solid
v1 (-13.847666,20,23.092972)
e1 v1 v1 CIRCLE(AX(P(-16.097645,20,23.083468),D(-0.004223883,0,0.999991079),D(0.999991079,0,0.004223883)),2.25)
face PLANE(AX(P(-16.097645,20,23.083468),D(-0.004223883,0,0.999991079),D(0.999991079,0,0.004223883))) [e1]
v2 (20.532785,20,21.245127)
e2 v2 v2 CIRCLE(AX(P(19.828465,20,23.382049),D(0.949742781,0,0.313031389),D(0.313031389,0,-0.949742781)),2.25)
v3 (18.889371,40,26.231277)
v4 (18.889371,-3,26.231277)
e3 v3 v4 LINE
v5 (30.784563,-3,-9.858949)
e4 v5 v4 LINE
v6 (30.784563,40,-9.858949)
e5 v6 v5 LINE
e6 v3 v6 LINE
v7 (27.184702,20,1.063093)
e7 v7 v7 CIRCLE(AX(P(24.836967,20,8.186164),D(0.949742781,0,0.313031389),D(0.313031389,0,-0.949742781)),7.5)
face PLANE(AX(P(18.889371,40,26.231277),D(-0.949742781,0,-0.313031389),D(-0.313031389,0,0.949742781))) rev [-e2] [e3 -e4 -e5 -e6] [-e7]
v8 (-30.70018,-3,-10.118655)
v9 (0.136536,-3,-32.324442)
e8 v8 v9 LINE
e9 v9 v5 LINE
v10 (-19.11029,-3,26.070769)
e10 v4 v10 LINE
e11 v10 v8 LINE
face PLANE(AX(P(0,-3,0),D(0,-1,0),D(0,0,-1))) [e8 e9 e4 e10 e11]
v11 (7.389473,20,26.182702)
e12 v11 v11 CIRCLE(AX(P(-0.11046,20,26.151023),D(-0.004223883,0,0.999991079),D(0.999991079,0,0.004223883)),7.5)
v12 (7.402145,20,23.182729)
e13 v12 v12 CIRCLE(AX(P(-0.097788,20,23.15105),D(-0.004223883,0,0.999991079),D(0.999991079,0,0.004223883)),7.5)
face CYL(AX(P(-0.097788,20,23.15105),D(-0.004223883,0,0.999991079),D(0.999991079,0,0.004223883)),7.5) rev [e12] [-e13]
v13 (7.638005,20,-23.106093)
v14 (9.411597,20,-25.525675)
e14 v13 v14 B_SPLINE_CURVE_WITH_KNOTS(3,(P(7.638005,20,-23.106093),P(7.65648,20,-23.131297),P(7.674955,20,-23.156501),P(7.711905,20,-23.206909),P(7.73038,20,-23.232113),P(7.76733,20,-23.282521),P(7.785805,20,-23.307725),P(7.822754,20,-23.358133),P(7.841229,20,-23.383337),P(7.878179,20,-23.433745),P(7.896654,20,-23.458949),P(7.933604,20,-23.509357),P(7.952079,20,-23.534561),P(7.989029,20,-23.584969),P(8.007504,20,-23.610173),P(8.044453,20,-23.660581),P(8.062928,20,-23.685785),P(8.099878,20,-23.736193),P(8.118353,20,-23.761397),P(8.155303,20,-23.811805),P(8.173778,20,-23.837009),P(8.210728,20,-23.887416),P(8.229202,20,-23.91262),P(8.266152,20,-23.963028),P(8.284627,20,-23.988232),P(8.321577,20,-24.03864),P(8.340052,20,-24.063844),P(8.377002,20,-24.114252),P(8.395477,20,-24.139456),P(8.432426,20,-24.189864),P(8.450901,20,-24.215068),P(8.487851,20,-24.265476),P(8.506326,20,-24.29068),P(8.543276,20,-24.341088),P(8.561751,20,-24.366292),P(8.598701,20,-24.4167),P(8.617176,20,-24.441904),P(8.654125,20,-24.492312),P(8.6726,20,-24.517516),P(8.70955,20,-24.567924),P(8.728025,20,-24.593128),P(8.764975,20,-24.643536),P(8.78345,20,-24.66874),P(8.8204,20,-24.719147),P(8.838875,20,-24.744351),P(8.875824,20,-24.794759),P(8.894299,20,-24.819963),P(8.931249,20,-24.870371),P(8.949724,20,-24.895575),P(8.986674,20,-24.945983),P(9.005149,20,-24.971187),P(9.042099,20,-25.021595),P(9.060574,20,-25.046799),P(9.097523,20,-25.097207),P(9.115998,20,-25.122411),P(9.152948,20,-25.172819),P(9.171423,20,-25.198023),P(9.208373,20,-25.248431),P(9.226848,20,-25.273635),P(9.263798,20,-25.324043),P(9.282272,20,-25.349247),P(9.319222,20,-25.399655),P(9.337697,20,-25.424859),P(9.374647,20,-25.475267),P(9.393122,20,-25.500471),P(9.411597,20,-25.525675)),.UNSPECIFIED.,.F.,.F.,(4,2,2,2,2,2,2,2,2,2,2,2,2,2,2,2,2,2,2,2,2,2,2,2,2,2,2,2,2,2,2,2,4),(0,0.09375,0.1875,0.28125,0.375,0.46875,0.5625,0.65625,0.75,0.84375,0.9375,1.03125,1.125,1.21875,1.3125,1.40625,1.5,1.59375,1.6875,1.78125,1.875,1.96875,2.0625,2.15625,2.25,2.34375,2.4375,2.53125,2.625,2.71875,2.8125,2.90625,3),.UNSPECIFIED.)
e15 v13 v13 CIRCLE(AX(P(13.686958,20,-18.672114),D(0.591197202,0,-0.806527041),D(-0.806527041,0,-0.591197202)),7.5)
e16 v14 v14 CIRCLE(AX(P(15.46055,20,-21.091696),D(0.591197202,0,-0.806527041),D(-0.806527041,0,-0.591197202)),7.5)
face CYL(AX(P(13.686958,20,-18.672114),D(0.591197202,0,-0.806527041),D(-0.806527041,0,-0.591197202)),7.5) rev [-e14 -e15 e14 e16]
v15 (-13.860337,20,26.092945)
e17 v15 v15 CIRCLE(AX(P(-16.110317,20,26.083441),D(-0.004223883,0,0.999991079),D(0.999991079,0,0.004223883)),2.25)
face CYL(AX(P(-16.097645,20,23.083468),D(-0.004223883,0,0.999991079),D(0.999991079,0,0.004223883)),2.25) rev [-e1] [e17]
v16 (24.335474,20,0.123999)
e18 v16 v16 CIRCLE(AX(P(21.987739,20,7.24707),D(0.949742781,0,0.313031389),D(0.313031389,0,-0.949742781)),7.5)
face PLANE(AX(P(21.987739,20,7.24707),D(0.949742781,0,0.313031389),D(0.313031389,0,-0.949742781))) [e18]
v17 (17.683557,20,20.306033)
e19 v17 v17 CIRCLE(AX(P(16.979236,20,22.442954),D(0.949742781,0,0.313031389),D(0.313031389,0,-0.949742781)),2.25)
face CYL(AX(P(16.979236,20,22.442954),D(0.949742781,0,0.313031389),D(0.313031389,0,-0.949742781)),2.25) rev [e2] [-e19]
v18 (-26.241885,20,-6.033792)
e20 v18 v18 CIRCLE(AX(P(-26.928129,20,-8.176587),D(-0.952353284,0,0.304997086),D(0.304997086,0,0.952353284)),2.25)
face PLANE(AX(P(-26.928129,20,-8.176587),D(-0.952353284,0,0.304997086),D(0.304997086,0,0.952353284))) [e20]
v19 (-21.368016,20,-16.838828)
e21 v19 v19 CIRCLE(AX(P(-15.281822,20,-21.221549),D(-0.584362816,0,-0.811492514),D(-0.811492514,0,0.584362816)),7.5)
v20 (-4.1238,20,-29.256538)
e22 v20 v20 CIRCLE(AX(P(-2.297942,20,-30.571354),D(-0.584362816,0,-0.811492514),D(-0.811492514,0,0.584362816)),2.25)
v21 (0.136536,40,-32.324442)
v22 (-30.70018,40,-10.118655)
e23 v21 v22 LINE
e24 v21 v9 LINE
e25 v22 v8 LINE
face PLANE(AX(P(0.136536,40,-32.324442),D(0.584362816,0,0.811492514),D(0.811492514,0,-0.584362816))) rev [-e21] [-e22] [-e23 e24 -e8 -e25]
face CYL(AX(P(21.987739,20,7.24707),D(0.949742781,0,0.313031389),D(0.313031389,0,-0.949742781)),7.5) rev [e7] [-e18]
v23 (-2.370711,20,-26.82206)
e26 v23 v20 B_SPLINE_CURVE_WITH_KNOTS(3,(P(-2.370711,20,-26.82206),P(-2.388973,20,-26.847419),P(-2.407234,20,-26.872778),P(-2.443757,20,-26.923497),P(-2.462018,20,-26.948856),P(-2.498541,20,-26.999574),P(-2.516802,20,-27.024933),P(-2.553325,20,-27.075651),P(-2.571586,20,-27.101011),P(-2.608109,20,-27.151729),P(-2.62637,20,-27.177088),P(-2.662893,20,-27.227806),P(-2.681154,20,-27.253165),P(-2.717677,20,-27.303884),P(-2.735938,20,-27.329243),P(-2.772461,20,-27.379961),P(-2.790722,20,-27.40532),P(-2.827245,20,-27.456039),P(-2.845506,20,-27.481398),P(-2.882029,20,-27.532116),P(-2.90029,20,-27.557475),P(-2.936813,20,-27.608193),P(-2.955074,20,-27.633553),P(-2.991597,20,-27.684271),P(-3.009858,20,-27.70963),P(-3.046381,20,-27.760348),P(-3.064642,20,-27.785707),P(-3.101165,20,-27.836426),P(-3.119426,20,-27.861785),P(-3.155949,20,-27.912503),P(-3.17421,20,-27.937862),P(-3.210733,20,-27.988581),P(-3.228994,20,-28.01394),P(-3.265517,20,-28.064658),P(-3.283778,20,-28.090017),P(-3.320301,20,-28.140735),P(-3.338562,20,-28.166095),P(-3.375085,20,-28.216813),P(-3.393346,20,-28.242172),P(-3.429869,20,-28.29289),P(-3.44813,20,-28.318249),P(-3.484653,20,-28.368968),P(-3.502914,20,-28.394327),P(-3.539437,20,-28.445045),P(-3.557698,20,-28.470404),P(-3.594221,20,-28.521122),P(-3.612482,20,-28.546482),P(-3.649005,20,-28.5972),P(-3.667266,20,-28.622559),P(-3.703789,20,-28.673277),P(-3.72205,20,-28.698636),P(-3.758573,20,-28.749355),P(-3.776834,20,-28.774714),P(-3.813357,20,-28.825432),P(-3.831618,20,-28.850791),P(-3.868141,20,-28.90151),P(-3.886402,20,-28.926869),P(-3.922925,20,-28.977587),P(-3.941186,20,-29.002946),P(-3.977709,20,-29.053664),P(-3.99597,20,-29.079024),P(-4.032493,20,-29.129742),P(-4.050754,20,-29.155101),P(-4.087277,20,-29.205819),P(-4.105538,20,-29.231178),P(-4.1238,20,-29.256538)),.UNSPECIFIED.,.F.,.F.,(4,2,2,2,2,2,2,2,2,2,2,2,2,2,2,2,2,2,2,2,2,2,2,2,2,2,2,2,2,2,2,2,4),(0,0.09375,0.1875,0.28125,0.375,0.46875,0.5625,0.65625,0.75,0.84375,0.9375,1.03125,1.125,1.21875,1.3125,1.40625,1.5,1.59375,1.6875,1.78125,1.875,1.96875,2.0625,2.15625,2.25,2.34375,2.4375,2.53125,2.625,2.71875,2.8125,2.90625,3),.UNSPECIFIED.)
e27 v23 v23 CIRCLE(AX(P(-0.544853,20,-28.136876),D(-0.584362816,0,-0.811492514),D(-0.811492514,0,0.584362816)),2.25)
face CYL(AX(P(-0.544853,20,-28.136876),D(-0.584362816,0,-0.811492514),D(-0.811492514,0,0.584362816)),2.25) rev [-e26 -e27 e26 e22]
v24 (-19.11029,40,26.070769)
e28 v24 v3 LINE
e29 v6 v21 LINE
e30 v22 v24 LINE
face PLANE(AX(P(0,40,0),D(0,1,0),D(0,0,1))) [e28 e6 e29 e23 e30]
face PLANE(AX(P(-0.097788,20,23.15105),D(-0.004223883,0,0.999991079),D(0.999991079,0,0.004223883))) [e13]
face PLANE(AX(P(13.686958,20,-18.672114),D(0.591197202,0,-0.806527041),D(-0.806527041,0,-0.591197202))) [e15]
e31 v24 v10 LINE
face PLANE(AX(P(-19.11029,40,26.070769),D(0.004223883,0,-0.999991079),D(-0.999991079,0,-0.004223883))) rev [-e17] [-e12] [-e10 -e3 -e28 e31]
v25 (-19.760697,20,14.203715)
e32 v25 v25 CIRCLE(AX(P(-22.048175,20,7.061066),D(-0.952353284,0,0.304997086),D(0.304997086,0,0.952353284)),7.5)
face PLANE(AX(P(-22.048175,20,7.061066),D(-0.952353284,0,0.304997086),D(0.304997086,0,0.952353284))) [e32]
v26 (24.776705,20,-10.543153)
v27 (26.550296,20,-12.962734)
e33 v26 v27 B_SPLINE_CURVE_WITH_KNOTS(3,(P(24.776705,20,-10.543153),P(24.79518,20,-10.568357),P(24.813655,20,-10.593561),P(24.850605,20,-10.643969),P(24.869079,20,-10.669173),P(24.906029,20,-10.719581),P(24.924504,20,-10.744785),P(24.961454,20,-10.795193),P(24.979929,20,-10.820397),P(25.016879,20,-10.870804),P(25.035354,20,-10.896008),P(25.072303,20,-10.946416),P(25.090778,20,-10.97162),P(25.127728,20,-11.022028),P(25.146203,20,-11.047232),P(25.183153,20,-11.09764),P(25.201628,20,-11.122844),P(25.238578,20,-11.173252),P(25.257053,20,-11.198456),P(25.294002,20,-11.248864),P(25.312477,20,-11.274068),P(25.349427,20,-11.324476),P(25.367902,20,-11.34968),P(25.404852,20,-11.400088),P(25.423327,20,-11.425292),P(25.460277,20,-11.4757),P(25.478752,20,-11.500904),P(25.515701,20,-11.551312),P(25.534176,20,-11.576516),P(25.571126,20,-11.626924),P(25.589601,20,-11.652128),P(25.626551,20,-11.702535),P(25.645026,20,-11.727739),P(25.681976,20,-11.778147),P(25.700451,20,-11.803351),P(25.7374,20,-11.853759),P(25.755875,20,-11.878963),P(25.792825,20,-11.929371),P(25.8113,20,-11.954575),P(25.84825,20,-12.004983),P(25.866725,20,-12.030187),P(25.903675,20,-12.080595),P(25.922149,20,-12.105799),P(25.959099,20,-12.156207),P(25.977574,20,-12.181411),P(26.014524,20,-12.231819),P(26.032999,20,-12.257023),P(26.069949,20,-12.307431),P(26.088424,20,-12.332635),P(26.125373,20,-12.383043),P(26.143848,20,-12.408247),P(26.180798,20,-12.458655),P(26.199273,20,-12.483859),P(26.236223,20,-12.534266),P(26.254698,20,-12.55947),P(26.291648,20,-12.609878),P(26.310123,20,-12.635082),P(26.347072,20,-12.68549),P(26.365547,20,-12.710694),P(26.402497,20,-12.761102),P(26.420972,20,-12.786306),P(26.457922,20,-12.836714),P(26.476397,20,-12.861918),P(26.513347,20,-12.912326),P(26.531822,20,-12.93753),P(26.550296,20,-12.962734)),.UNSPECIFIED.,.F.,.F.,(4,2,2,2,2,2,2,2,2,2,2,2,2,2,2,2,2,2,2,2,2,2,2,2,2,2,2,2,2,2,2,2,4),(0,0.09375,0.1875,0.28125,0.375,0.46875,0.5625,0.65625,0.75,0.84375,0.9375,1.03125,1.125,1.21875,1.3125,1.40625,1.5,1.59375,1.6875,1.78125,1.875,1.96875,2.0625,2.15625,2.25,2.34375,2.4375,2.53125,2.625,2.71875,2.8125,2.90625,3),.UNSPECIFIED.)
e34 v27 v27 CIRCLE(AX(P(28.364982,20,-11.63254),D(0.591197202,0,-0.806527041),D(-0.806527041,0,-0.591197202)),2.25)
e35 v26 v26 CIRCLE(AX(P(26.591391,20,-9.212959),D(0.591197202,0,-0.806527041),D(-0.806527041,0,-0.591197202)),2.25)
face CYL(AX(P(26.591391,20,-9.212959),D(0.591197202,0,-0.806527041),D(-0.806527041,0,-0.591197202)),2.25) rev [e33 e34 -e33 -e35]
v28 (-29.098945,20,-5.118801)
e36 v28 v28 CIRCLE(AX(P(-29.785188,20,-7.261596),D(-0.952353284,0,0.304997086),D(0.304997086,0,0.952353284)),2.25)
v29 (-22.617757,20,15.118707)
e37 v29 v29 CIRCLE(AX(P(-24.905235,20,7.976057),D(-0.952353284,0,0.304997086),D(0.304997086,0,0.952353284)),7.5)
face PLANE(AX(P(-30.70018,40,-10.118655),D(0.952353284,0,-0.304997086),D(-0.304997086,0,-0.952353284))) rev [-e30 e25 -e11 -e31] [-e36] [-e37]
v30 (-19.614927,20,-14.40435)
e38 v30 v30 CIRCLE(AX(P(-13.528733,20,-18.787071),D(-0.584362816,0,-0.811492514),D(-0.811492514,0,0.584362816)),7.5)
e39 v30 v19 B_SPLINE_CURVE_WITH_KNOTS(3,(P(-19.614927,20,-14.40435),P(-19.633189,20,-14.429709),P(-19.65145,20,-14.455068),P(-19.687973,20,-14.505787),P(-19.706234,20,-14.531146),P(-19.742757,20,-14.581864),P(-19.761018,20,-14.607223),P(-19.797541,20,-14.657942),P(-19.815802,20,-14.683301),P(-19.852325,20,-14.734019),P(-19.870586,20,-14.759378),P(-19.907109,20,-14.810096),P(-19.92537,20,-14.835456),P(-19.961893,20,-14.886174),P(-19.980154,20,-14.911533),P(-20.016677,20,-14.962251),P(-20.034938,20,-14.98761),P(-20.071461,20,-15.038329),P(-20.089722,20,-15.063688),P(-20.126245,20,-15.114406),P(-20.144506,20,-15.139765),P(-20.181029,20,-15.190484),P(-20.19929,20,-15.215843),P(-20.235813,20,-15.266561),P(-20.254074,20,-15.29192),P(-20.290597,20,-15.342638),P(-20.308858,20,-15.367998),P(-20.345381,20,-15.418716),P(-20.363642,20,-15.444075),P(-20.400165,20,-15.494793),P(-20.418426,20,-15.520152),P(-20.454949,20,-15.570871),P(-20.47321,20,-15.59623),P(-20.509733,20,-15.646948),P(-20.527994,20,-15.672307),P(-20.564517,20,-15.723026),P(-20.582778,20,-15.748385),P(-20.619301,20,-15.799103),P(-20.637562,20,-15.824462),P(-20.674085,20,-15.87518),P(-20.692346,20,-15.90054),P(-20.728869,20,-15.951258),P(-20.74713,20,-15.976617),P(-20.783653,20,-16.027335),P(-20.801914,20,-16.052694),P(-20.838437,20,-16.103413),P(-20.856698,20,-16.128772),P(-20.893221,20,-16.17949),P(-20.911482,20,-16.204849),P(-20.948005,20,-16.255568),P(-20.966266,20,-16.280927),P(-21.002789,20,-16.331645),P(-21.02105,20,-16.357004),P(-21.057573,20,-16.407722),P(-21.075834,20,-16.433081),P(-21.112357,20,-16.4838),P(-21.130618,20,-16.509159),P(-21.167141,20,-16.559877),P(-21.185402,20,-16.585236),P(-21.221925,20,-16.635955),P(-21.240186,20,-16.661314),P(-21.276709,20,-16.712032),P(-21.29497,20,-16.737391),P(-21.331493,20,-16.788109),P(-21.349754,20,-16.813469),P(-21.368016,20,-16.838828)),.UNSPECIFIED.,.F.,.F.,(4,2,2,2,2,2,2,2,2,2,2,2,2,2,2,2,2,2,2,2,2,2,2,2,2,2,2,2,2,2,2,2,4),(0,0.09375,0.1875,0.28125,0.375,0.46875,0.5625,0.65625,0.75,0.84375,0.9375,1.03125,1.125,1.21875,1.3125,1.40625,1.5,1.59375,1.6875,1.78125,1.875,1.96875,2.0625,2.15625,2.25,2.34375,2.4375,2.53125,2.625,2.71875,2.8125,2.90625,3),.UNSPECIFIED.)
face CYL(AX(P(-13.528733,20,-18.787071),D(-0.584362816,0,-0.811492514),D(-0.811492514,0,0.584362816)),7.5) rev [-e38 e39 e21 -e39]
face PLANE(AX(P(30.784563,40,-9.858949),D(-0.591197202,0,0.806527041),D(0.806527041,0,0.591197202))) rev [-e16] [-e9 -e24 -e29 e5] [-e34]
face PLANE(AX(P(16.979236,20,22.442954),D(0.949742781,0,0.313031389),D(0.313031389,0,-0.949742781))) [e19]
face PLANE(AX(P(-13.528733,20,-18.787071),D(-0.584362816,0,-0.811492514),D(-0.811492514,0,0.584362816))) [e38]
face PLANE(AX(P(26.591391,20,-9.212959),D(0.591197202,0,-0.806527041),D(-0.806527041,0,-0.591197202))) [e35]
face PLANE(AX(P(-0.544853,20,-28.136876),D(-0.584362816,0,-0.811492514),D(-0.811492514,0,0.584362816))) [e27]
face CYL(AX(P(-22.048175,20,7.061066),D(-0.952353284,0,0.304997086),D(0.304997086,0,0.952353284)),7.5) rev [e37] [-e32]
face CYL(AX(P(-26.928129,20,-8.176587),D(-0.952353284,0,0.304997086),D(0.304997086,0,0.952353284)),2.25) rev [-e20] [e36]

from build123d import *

# Parameters (mm, degrees)
BOSS_EXTRUDE1_DEPTH = 40
SKETCH3_R           = 7.5
SKETCH3_R_2         = 2.25
CUT_EXTRUDE1_DEPTH  = 3
SKETCH4_R           = 7.5
SKETCH4_R_2         = 2.25
CUT_EXTRUDE2_DEPTH  = 3
SKETCH5_R           = 7.5
SKETCH5_R_2         = 2.25
CUT_EXTRUDE3_DEPTH  = 3
SKETCH6_R           = 7.5
SKETCH6_R_2         = 2.25
CUT_EXTRUDE4_DEPTH  = 3
SKETCH7_R           = 7.5
SKETCH7_R_2         = 2.25
CUT_EXTRUDE5_DEPTH  = 3
BOSS_EXTRUDE2_DEPTH = 3


with BuildPart() as part:
    # Sketch2 → Boss-Extrude1 (new body)
    with BuildSketch(Plane(origin=(0, 0, 0), x_dir=(1, 0, 0), z_dir=(0, 1, 0))):
        Polygon((18.889370654, -26.231276984), (30.784563452, 9.858948677), (0.136535888, 32.32444236), (-30.700179633, 10.118655369), (-19.110290361, -26.070769422), align=None)
    extrude(amount=BOSS_EXTRUDE1_DEPTH)

    # Sketch3 → Cut-Extrude1 (cut)
    with BuildSketch(Plane(origin=(-0.110459853, 0, 26.151023203), x_dir=(0.999991079365483, 0, 0.004223883220016987), z_dir=(-0.004223883220016987, 0, 0.9999910793654831))):
        with Locations((0, 20)):
            Circle(SKETCH3_R)
        with Locations((-16, 20)):
            Circle(SKETCH3_R_2)
    extrude(amount=-CUT_EXTRUDE1_DEPTH, mode=Mode.SUBTRACT)

    # Sketch4 → Cut-Extrude2 (cut)
    with BuildSketch(Plane(origin=(24.836967053, 0, 8.186164153), x_dir=(0.3130313894077477, 0, -0.9497427805703264), z_dir=(0.9497427805703265, 0, 0.3130313894077478))):
        with Locations((0, 20)):
            Circle(SKETCH4_R)
        with Locations((-16, 20)):
            Circle(SKETCH4_R_2)
    extrude(amount=-CUT_EXTRUDE2_DEPTH, mode=Mode.SUBTRACT)

    # Sketch5 → Cut-Extrude3 (cut)
    with BuildSketch(Plane(origin=(15.46054967, 0, -21.091695519), x_dir=(-0.8065270411658909, 0, -0.591197202182312), z_dir=(0.5911972021823119, 0, -0.8065270411658908))):
        with Locations((0, 20)):
            Circle(SKETCH5_R)
        with Locations((-16, 20)):
            Circle(SKETCH5_R_2)
    extrude(amount=-CUT_EXTRUDE3_DEPTH, mode=Mode.SUBTRACT)

    # Sketch6 → Cut-Extrude4 (cut)
    with BuildSketch(Plane(origin=(-15.281821873, 0, -21.221548864), x_dir=(-0.8114925136941543, 0, 0.584362815567814), z_dir=(-0.5843628155678139, 0, -0.8114925136941542))):
        with Locations((0, 20)):
            Circle(SKETCH6_R)
        with Locations((-16, 20)):
            Circle(SKETCH6_R_2)
    extrude(amount=-CUT_EXTRUDE4_DEPTH, mode=Mode.SUBTRACT)

    # Sketch7 → Cut-Extrude5 (cut)
    with BuildSketch(Plane(origin=(-24.905234997, 0, 7.976057027), x_dir=(0.304997086086814, 0, 0.9523532839648071), z_dir=(-0.9523532839648071, 0, 0.304997086086814))):
        with Locations((0, 20)):
            Circle(SKETCH7_R)
        with Locations((-16, 20)):
            Circle(SKETCH7_R_2)
    extrude(amount=-CUT_EXTRUDE5_DEPTH, mode=Mode.SUBTRACT)

    # Sketch8 → Boss-Extrude2 (add)
    with BuildSketch(Plane.XZ):
        Polygon((30.784563452, -9.858948677), (18.889370654, 26.231276984), (-19.110290361, 26.070769422), (-30.700179633, -10.118655369), (0.136535888, -32.32444236), align=None)
    extrude(amount=BOSS_EXTRUDE2_DEPTH)


solid = part.part
